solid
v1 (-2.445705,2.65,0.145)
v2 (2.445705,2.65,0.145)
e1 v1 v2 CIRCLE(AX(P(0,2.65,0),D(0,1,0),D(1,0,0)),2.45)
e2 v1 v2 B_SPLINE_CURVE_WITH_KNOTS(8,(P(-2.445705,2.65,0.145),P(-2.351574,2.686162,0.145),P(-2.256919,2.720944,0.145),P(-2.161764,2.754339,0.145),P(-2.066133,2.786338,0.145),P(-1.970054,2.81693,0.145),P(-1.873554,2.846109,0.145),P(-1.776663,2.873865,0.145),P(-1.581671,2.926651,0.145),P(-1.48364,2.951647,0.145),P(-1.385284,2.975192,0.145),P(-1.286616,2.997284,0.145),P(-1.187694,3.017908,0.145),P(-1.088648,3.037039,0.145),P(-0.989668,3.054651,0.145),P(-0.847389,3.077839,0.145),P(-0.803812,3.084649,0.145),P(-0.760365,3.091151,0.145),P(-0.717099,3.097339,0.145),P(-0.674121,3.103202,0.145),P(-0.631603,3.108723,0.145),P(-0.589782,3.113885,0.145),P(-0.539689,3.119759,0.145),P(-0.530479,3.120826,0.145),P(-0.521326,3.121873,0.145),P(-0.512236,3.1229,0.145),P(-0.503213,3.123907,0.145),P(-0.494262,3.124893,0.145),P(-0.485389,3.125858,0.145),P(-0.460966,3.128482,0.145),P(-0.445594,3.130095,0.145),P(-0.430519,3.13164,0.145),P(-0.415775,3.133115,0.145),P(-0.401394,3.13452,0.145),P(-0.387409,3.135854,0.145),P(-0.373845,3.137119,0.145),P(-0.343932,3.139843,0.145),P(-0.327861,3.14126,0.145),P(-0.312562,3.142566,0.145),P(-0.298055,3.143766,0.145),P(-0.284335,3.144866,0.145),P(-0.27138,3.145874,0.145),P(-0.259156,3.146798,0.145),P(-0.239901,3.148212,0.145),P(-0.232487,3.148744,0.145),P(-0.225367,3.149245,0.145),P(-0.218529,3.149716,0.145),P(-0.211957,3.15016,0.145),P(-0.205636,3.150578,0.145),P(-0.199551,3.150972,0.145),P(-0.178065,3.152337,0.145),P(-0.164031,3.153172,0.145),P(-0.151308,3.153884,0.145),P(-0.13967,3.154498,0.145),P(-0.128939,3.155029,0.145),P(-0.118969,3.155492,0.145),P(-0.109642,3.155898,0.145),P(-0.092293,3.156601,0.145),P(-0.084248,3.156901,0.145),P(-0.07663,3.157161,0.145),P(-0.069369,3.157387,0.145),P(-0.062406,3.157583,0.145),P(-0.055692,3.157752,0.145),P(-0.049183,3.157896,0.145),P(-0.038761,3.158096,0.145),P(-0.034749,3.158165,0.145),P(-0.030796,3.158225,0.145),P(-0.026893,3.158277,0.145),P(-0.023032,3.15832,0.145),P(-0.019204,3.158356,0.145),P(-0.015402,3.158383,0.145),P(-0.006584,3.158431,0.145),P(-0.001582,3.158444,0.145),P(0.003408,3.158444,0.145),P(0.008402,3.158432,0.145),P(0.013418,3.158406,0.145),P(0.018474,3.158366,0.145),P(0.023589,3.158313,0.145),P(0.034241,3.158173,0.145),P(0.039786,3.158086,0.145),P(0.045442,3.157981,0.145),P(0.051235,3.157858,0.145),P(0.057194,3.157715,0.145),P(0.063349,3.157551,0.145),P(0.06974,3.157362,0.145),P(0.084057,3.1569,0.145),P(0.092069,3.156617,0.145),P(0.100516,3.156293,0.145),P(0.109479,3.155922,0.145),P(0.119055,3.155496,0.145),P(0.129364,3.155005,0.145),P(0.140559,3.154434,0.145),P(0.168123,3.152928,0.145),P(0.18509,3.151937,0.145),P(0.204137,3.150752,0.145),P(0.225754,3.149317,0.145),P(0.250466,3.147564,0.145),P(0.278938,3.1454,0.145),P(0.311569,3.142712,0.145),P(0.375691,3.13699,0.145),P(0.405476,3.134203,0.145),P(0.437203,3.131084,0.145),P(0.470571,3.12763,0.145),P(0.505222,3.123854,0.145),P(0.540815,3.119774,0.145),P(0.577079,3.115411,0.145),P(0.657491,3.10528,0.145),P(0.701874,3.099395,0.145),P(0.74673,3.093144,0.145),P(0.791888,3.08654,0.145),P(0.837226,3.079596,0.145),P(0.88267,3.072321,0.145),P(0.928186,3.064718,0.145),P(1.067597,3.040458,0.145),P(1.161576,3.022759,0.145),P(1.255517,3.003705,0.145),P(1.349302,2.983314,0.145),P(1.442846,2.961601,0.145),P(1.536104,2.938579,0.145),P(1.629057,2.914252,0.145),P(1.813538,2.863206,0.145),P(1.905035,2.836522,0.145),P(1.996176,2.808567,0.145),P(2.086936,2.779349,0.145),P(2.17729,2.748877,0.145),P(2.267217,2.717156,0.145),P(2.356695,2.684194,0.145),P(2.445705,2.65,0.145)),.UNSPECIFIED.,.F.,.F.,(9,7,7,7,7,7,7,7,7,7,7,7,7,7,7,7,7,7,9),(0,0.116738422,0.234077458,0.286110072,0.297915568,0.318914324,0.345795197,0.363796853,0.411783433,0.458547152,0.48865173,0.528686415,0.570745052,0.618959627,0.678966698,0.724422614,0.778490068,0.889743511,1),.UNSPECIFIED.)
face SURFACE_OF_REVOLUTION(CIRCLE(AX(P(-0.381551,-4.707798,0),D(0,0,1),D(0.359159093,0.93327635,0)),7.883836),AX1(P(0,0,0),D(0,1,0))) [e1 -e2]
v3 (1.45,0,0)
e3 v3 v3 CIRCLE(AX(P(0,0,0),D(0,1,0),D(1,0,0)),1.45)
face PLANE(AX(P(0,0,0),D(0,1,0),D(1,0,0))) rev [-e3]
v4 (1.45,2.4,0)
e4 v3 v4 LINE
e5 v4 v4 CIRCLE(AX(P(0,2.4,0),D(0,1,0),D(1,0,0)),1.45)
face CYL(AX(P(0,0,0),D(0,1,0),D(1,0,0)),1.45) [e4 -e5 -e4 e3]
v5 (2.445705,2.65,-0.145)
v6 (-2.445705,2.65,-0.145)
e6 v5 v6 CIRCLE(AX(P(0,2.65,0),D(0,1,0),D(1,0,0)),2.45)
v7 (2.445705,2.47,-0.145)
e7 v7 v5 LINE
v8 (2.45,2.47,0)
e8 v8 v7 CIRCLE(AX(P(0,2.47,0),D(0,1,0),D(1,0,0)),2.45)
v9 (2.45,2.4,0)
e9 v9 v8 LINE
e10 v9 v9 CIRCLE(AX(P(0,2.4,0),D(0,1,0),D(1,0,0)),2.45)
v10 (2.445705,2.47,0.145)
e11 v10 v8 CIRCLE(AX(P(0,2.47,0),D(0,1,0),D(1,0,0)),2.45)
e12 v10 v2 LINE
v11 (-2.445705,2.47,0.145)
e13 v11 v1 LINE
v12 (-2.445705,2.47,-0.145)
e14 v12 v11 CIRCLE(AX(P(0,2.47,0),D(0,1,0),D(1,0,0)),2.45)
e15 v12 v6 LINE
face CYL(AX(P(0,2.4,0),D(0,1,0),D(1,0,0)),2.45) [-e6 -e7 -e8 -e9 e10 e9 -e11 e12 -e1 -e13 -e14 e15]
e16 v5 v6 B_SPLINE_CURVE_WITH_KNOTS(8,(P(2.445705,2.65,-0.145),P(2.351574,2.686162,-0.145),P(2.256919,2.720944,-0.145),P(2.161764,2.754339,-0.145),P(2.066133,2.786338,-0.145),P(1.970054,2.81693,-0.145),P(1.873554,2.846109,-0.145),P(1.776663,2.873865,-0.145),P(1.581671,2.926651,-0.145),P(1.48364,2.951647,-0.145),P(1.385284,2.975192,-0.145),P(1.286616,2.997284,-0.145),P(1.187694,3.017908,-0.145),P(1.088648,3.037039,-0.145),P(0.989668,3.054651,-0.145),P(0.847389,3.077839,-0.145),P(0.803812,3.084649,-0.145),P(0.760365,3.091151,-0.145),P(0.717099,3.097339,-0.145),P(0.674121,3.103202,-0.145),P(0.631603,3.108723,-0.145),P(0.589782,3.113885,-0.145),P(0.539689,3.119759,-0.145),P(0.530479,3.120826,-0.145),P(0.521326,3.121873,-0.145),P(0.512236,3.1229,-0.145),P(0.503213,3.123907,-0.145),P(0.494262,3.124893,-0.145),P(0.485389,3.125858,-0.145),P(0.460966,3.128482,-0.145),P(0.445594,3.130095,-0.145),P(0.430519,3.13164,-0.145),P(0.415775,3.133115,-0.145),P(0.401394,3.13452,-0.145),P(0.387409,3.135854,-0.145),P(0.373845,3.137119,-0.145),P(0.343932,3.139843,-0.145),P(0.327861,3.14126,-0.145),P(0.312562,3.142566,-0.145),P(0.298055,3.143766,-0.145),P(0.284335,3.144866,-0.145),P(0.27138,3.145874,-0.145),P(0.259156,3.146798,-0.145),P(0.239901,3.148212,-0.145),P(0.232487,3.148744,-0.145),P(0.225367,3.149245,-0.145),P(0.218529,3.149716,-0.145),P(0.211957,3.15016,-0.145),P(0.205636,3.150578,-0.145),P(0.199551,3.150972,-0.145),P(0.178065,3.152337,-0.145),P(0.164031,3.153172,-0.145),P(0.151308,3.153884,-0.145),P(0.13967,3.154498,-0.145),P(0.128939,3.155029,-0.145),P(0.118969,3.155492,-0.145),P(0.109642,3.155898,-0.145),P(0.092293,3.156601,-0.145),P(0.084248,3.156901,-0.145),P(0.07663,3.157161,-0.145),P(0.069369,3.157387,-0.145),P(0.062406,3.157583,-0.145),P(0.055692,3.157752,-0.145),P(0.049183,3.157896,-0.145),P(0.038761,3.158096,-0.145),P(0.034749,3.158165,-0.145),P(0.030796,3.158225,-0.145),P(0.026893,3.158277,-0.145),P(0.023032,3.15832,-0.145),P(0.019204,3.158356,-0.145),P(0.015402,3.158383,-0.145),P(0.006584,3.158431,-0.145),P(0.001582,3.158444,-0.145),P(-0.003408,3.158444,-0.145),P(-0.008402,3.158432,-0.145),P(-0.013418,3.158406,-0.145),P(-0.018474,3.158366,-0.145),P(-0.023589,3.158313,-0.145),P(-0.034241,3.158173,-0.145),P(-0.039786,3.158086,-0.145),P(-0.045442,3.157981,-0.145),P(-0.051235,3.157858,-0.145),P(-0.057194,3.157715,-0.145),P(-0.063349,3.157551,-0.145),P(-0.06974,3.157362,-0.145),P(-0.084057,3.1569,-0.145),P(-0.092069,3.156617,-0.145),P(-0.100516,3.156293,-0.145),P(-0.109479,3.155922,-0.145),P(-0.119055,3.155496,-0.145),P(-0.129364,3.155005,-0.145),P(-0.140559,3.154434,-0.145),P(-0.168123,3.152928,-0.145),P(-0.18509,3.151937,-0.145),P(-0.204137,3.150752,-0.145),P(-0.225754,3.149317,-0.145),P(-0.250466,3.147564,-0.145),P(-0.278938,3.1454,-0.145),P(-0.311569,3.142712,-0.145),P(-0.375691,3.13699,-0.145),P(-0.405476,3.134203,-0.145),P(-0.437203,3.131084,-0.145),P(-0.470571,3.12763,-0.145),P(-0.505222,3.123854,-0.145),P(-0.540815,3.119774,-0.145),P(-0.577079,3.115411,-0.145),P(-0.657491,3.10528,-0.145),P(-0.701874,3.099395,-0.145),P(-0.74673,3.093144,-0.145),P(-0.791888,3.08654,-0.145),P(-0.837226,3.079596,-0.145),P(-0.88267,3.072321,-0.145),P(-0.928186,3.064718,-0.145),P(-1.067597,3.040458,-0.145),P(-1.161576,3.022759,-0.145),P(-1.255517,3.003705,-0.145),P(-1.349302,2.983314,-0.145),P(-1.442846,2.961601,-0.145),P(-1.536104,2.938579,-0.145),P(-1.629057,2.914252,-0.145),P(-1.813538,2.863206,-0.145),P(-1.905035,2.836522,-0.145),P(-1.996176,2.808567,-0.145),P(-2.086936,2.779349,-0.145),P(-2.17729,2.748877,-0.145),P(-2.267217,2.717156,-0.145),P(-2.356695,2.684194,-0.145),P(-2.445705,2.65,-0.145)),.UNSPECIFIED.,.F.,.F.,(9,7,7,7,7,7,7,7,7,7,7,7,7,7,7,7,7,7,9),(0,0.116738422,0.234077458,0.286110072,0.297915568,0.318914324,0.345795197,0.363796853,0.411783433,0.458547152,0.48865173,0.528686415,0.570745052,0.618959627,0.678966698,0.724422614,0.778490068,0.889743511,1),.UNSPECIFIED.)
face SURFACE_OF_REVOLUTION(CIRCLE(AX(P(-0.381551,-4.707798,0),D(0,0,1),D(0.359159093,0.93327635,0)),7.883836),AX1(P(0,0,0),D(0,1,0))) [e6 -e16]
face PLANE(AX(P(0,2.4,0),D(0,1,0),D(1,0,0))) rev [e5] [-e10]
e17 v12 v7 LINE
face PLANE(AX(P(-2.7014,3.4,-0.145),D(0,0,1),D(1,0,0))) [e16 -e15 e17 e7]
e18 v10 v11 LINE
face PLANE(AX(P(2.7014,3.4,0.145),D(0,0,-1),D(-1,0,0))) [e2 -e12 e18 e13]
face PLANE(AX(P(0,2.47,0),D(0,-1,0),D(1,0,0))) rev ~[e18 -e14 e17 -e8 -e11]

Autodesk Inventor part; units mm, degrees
ref_plane "YZ Plane" through (0, 0, 0) normal (1, 0, 0) x (0, 1, 0)
sketch "Esboço1" plane through (0, 0, 0) normal (0, 0, 1) x (1, 0, 0)
  line L0 (0, 0) -> (1.45, 0)
  line L1 (1.45, 0) -> (1.45, 2.4)
  line L2 (1.45, 2.4) -> (2.45, 2.4)
  line L3 (2.45, 2.4) -> (8.95, 2.4)
  line L4 (2.45, 2.4) -> (2.45, 2.65)
  line L5 (0, 0) -> (0, 3.1668)
  line L6 (1.45, 0) -> (0, 0)
  arc A0 (2.45, 2.65) -> (0, 3.1668) centre (-0.3817, -4.7083) ccw
  point P0 (0, 2.5981)
  dimension "d0" = 1.45
  dimension "d1" = 2.4
  dimension "d11" = 1
revolve "Revolução1" add sketch "Esboço1" angle 360 about axis through (0, 0, 0) along (0, 1, 0)
thread "Rosca1" size "M30x3.5" class "6g" standard "ANSI Metric M Profile" full length
ref_plane "Plano de trabalho1" through (0, 14.65, 0) normal (0, -1, 0) x (1, 0, 0)
sketch "Esboço2" plane through (0, 14.65, 0) normal (0, -1, 0) x (1, 0, 0)
  line L0 (23.8734, 2.4868) -> (-23.8734, 2.4868)
  line L1 (-23.8734, 2.4868) -> (-23.8734, -2.4868)
  line L2 (-23.8734, -2.4868) -> (23.8734, -2.4868)
  line L3 (23.8734, -2.4868) -> (23.8734, 2.4868)
  line L4 (23.8734, 2.4868) -> (-23.8734, -2.4868) construction
  line L5 (-23.8734, 2.4868) -> (23.8734, -2.4868) construction
  point P0 (0, 0)
extrude "Extrusão1" cut sketch "Esboço2" along normal blind 11
thread "Rosca2" size "M3x0.5" class "6g" standard "ANSI Metric M Profile" full length
ref_plane "Plano de trabalho2" through (0, 3.4, 0) normal (0, -1, 0) x (1, 0, 0)
sketch "Esboço3" plane through (0, 3.4, 0) normal (0, -1, 0) x (1, 0, 0)
  line L0 (-2.7014, -0.145) -> (2.7014, -0.145)
  line L1 (2.7014, -0.145) -> (2.7014, 0.145)
  line L2 (2.7014, 0.145) -> (-2.7014, 0.145)
  line L3 (-2.7014, 0.145) -> (-2.7014, -0.145)
  line L4 (-2.7014, -0.145) -> (2.7014, 0.145) construction
  line L5 (2.7014, -0.145) -> (-2.7014, 0.145) construction
  point P0 (0, 0)
extrude "Extrusão2" cut sketch "Esboço3" along normal blind 0.93
properties part number "prafuso3"
